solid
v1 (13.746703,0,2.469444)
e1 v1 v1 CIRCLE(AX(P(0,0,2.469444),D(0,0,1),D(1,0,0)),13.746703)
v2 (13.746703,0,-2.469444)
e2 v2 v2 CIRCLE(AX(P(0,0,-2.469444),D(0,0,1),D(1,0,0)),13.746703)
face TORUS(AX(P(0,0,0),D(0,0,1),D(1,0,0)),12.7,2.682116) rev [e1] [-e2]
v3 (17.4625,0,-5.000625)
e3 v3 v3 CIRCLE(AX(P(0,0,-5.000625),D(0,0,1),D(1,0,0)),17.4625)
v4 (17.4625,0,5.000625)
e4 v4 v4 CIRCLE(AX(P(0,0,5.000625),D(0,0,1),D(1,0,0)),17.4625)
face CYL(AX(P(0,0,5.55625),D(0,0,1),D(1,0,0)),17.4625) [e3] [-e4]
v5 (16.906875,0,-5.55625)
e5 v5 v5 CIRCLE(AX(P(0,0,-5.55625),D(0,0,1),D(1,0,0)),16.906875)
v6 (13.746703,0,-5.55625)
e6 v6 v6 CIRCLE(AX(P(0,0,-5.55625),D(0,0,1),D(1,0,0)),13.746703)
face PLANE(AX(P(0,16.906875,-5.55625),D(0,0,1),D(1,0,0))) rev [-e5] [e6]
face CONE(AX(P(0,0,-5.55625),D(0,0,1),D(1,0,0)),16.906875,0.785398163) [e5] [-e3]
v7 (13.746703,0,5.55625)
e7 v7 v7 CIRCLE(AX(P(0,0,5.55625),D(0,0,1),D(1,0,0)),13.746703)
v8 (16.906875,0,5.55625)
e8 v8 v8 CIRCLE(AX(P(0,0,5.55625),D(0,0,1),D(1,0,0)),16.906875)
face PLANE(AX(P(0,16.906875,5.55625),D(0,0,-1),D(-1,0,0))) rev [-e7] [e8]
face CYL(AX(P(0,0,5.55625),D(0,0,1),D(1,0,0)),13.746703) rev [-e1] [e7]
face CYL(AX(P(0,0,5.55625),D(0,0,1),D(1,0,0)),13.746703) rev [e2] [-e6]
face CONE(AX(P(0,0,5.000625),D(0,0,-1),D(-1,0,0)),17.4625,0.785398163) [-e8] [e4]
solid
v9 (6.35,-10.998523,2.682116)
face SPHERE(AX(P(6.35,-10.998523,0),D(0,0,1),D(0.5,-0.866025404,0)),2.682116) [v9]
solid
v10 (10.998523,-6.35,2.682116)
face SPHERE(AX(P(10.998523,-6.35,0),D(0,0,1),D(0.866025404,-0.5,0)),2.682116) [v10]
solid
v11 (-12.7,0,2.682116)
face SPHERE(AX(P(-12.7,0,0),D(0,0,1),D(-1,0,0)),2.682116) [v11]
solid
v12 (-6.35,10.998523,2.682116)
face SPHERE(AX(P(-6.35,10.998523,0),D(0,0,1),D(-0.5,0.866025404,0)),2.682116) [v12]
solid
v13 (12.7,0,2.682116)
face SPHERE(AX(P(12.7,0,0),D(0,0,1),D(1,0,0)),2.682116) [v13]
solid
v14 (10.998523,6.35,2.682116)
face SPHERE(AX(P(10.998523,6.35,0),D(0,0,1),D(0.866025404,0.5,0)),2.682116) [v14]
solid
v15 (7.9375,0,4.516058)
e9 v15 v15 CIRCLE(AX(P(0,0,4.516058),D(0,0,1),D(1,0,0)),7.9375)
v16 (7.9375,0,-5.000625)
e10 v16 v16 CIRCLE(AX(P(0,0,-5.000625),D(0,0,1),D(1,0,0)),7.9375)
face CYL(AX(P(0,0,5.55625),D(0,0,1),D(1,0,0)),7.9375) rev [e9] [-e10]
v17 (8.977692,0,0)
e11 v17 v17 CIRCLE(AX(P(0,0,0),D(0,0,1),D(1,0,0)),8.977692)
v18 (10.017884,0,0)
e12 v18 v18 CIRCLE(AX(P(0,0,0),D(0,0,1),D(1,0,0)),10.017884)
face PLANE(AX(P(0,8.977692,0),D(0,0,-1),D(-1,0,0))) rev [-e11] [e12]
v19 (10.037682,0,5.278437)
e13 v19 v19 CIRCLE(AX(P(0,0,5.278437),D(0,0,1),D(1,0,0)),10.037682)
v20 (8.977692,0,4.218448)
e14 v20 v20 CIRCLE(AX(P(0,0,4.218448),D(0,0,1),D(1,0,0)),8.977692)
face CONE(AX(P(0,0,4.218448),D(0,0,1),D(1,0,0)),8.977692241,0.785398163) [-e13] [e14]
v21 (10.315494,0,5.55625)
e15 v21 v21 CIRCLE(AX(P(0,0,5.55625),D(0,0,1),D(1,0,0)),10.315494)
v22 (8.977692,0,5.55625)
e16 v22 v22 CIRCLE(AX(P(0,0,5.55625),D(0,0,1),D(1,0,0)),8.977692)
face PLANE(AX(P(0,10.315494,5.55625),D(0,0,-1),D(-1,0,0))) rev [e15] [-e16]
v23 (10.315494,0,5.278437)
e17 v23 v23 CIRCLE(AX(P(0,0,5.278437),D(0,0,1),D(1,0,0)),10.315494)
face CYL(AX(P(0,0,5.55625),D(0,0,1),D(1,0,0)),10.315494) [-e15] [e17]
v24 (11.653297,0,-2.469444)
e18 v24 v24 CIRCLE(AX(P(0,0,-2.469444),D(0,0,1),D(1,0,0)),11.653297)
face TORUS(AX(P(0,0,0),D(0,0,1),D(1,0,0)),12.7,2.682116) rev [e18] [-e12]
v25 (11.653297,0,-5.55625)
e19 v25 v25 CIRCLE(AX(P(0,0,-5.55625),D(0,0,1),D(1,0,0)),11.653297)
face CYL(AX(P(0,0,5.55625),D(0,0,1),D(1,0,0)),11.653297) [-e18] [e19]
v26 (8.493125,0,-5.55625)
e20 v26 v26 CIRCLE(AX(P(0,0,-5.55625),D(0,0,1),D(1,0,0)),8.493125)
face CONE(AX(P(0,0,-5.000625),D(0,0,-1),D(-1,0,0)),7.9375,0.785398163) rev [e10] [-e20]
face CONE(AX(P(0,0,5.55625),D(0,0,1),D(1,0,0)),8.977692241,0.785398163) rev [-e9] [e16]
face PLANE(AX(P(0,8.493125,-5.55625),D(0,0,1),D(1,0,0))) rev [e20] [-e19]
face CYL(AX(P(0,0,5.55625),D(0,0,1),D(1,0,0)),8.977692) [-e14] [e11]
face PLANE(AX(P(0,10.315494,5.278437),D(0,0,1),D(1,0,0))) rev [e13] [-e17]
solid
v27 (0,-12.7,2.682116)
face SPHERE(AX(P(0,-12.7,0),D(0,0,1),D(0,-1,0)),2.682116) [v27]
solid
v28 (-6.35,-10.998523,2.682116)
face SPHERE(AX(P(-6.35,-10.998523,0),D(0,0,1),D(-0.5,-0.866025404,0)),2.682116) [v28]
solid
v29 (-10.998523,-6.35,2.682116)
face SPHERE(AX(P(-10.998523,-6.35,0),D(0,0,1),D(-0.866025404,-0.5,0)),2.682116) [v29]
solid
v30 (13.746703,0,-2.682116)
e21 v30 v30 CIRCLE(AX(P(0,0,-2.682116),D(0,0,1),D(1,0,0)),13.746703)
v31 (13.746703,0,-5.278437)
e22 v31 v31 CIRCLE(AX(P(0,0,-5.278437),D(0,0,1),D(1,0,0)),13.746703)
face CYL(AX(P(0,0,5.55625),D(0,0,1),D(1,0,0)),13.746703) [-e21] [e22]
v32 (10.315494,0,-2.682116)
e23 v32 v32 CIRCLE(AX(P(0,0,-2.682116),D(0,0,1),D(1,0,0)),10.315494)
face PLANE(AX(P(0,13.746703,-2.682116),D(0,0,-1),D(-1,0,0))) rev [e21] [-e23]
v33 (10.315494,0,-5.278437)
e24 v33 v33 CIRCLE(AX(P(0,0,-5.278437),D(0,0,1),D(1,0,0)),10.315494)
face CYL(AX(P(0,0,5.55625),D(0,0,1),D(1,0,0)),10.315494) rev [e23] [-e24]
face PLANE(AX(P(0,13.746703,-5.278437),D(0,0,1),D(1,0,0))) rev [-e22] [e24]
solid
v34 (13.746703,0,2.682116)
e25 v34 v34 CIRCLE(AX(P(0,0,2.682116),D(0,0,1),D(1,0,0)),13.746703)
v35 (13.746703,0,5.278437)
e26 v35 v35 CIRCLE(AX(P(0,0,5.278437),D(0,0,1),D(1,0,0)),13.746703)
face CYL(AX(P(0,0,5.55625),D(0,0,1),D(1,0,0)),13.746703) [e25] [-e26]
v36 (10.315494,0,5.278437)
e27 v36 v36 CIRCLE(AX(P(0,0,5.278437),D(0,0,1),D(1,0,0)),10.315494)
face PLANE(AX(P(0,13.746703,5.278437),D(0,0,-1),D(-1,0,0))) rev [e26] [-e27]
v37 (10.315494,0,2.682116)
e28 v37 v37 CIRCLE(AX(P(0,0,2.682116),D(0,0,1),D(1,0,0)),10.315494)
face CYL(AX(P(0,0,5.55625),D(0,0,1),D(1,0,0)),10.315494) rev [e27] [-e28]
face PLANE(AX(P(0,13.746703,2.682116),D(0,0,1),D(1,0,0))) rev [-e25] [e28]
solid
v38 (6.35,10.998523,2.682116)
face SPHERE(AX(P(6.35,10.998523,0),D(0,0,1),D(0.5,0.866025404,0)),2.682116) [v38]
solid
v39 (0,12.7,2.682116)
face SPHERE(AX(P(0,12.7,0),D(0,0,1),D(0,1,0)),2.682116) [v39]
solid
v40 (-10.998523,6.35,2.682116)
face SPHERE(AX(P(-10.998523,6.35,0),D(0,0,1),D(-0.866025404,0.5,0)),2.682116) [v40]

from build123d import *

# Parameters (mm, degrees)
CIRPATTERN1_COUNT = 12
SKETCH5_W         = 2.596321981
SKETCH5_H         = 3.431208825


with BuildPart() as part:
    # Sketch1 → Revolve1 (revolve)
    with BuildSketch(Plane(origin=(0, 0, 0), x_dir=(0, 0, -1), z_dir=(1, 0, 0))):
        with BuildLine():
            Line((5.000625, 17.4625), (-5.000625, 17.4625))
            Line((-5.000625, 17.4625), (-5.55625, 16.906875))
            Line((-5.55625, 16.906875), (-5.55625, 13.746703297))
            Line((-5.55625, 13.746703297), (-2.469444444, 13.746703297))
            ThreePointArc((-2.469444444, 13.746703297), (0, 15.382115519), (2.469444444, 13.746703297))
            Line((2.469444444, 13.746703297), (5.55625, 13.746703297))
            Line((5.55625, 13.746703297), (5.55625, 16.906875))
            Line((5.55625, 16.906875), (5.000625, 17.4625))
        make_face()
    revolve(axis=Axis((0, 0, 5.55625), (0, 0, -1)))


with BuildPart() as body_2:
    # Sketch3 → Revolve3 (revolve)
    with BuildSketch(Plane(origin=(0, 0, 0), x_dir=(0, 0, -1), z_dir=(1, 0, 0))):
        with BuildLine():
            Line((-5.2784375, 10.037681972), (-4.218447769, 8.977692241))
            Line((-4.218447769, 8.977692241), (0, 8.977692241))
            Line((0, 8.977692241), (0, 10.017884481))
            ThreePointArc((0, 10.017884481), (1.480939651, 10.463806492), (2.469444444, 11.653296703))
            Line((2.469444444, 11.653296703), (5.55625, 11.653296703))
            Line((5.55625, 11.653296703), (5.55625, 8.493125))
            Line((5.55625, 8.493125), (5.000625, 7.9375))
            Line((5.000625, 7.9375), (-4.516057759, 7.9375))
            Line((-4.516057759, 7.9375), (-5.55625, 8.977692241))
            Line((-5.55625, 8.977692241), (-5.55625, 10.315494472))
            Line((-5.55625, 10.315494472), (-5.2784375, 10.315494472))
            Line((-5.2784375, 10.315494472), (-5.2784375, 10.037681972))
        make_face()
    revolve(axis=Axis((0, 0, 5.55625), (0, 0, -1)))


with BuildPart() as body_3:
    # Sketch4 → Revolve4 (revolve)
    with BuildSketch(Plane(origin=(0, 0, 0), x_dir=(0, 0, -1), z_dir=(1, 0, 0))):
        with BuildLine():
            Line((-2.682115519, 12.7), (2.682115519, 12.7))
            ThreePointArc((2.682115519, 12.7), (0, 15.382115519), (-2.682115519, 12.7))
        make_face()
    revolve(axis=Axis((0, 12.7, 2.682115519), (0, 0, -1)))


with BuildPart() as cirpattern1_1:
    # CirPattern1: pattern copy
    add(body_3.part.rotate(Axis((0, 0, -5.55625), (0, 0, 1)), 1 * 360 / CIRPATTERN1_COUNT))


with BuildPart() as cirpattern1_2:
    # CirPattern1: pattern copy
    add(body_3.part.rotate(Axis((0, 0, -5.55625), (0, 0, 1)), 2 * 360 / CIRPATTERN1_COUNT))


with BuildPart() as cirpattern1_3:
    # CirPattern1: pattern copy
    add(body_3.part.rotate(Axis((0, 0, -5.55625), (0, 0, 1)), 3 * 360 / CIRPATTERN1_COUNT))


with BuildPart() as cirpattern1_4:
    # CirPattern1: pattern copy
    add(body_3.part.rotate(Axis((0, 0, -5.55625), (0, 0, 1)), 4 * 360 / CIRPATTERN1_COUNT))


with BuildPart() as cirpattern1_5:
    # CirPattern1: pattern copy
    add(body_3.part.rotate(Axis((0, 0, -5.55625), (0, 0, 1)), 5 * 360 / CIRPATTERN1_COUNT))


with BuildPart() as cirpattern1_6:
    # CirPattern1: pattern copy
    add(body_3.part.rotate(Axis((0, 0, -5.55625), (0, 0, 1)), 6 * 360 / CIRPATTERN1_COUNT))


with BuildPart() as cirpattern1_7:
    # CirPattern1: pattern copy
    add(body_3.part.rotate(Axis((0, 0, -5.55625), (0, 0, 1)), 7 * 360 / CIRPATTERN1_COUNT))


with BuildPart() as cirpattern1_8:
    # CirPattern1: pattern copy
    add(body_3.part.rotate(Axis((0, 0, -5.55625), (0, 0, 1)), 8 * 360 / CIRPATTERN1_COUNT))


with BuildPart() as cirpattern1_9:
    # CirPattern1: pattern copy
    add(body_3.part.rotate(Axis((0, 0, -5.55625), (0, 0, 1)), 9 * 360 / CIRPATTERN1_COUNT))


with BuildPart() as cirpattern1_10:
    # CirPattern1: pattern copy
    add(body_3.part.rotate(Axis((0, 0, -5.55625), (0, 0, 1)), 10 * 360 / CIRPATTERN1_COUNT))


with BuildPart() as cirpattern1_11:
    # CirPattern1: pattern copy
    add(body_3.part.rotate(Axis((0, 0, -5.55625), (0, 0, 1)), 11 * 360 / CIRPATTERN1_COUNT))


with BuildPart() as body_15:
    # Sketch5 → Revolve5 (revolve)
    with BuildSketch(Plane(origin=(0, 0, 0), x_dir=(0, 0, -1), z_dir=(1, 0, 0))):
        with Locations((-3.98027651, 12.031098885)):
            Rectangle(SKETCH5_W, SKETCH5_H)
        with Locations((3.98027651, 12.031098885)):
            Rectangle(SKETCH5_W, SKETCH5_H)
    revolve(axis=Axis((0, 0, 5.55625), (0, 0, -1)))


solid = Compound([part.part, body_2.part, body_3.part, cirpattern1_1.part, cirpattern1_2.part, cirpattern1_3.part, cirpattern1_4.part, cirpattern1_5.part, cirpattern1_6.part, cirpattern1_7.part, cirpattern1_8.part, cirpattern1_9.part, cirpattern1_10.part, cirpattern1_11.part, body_15.part])
